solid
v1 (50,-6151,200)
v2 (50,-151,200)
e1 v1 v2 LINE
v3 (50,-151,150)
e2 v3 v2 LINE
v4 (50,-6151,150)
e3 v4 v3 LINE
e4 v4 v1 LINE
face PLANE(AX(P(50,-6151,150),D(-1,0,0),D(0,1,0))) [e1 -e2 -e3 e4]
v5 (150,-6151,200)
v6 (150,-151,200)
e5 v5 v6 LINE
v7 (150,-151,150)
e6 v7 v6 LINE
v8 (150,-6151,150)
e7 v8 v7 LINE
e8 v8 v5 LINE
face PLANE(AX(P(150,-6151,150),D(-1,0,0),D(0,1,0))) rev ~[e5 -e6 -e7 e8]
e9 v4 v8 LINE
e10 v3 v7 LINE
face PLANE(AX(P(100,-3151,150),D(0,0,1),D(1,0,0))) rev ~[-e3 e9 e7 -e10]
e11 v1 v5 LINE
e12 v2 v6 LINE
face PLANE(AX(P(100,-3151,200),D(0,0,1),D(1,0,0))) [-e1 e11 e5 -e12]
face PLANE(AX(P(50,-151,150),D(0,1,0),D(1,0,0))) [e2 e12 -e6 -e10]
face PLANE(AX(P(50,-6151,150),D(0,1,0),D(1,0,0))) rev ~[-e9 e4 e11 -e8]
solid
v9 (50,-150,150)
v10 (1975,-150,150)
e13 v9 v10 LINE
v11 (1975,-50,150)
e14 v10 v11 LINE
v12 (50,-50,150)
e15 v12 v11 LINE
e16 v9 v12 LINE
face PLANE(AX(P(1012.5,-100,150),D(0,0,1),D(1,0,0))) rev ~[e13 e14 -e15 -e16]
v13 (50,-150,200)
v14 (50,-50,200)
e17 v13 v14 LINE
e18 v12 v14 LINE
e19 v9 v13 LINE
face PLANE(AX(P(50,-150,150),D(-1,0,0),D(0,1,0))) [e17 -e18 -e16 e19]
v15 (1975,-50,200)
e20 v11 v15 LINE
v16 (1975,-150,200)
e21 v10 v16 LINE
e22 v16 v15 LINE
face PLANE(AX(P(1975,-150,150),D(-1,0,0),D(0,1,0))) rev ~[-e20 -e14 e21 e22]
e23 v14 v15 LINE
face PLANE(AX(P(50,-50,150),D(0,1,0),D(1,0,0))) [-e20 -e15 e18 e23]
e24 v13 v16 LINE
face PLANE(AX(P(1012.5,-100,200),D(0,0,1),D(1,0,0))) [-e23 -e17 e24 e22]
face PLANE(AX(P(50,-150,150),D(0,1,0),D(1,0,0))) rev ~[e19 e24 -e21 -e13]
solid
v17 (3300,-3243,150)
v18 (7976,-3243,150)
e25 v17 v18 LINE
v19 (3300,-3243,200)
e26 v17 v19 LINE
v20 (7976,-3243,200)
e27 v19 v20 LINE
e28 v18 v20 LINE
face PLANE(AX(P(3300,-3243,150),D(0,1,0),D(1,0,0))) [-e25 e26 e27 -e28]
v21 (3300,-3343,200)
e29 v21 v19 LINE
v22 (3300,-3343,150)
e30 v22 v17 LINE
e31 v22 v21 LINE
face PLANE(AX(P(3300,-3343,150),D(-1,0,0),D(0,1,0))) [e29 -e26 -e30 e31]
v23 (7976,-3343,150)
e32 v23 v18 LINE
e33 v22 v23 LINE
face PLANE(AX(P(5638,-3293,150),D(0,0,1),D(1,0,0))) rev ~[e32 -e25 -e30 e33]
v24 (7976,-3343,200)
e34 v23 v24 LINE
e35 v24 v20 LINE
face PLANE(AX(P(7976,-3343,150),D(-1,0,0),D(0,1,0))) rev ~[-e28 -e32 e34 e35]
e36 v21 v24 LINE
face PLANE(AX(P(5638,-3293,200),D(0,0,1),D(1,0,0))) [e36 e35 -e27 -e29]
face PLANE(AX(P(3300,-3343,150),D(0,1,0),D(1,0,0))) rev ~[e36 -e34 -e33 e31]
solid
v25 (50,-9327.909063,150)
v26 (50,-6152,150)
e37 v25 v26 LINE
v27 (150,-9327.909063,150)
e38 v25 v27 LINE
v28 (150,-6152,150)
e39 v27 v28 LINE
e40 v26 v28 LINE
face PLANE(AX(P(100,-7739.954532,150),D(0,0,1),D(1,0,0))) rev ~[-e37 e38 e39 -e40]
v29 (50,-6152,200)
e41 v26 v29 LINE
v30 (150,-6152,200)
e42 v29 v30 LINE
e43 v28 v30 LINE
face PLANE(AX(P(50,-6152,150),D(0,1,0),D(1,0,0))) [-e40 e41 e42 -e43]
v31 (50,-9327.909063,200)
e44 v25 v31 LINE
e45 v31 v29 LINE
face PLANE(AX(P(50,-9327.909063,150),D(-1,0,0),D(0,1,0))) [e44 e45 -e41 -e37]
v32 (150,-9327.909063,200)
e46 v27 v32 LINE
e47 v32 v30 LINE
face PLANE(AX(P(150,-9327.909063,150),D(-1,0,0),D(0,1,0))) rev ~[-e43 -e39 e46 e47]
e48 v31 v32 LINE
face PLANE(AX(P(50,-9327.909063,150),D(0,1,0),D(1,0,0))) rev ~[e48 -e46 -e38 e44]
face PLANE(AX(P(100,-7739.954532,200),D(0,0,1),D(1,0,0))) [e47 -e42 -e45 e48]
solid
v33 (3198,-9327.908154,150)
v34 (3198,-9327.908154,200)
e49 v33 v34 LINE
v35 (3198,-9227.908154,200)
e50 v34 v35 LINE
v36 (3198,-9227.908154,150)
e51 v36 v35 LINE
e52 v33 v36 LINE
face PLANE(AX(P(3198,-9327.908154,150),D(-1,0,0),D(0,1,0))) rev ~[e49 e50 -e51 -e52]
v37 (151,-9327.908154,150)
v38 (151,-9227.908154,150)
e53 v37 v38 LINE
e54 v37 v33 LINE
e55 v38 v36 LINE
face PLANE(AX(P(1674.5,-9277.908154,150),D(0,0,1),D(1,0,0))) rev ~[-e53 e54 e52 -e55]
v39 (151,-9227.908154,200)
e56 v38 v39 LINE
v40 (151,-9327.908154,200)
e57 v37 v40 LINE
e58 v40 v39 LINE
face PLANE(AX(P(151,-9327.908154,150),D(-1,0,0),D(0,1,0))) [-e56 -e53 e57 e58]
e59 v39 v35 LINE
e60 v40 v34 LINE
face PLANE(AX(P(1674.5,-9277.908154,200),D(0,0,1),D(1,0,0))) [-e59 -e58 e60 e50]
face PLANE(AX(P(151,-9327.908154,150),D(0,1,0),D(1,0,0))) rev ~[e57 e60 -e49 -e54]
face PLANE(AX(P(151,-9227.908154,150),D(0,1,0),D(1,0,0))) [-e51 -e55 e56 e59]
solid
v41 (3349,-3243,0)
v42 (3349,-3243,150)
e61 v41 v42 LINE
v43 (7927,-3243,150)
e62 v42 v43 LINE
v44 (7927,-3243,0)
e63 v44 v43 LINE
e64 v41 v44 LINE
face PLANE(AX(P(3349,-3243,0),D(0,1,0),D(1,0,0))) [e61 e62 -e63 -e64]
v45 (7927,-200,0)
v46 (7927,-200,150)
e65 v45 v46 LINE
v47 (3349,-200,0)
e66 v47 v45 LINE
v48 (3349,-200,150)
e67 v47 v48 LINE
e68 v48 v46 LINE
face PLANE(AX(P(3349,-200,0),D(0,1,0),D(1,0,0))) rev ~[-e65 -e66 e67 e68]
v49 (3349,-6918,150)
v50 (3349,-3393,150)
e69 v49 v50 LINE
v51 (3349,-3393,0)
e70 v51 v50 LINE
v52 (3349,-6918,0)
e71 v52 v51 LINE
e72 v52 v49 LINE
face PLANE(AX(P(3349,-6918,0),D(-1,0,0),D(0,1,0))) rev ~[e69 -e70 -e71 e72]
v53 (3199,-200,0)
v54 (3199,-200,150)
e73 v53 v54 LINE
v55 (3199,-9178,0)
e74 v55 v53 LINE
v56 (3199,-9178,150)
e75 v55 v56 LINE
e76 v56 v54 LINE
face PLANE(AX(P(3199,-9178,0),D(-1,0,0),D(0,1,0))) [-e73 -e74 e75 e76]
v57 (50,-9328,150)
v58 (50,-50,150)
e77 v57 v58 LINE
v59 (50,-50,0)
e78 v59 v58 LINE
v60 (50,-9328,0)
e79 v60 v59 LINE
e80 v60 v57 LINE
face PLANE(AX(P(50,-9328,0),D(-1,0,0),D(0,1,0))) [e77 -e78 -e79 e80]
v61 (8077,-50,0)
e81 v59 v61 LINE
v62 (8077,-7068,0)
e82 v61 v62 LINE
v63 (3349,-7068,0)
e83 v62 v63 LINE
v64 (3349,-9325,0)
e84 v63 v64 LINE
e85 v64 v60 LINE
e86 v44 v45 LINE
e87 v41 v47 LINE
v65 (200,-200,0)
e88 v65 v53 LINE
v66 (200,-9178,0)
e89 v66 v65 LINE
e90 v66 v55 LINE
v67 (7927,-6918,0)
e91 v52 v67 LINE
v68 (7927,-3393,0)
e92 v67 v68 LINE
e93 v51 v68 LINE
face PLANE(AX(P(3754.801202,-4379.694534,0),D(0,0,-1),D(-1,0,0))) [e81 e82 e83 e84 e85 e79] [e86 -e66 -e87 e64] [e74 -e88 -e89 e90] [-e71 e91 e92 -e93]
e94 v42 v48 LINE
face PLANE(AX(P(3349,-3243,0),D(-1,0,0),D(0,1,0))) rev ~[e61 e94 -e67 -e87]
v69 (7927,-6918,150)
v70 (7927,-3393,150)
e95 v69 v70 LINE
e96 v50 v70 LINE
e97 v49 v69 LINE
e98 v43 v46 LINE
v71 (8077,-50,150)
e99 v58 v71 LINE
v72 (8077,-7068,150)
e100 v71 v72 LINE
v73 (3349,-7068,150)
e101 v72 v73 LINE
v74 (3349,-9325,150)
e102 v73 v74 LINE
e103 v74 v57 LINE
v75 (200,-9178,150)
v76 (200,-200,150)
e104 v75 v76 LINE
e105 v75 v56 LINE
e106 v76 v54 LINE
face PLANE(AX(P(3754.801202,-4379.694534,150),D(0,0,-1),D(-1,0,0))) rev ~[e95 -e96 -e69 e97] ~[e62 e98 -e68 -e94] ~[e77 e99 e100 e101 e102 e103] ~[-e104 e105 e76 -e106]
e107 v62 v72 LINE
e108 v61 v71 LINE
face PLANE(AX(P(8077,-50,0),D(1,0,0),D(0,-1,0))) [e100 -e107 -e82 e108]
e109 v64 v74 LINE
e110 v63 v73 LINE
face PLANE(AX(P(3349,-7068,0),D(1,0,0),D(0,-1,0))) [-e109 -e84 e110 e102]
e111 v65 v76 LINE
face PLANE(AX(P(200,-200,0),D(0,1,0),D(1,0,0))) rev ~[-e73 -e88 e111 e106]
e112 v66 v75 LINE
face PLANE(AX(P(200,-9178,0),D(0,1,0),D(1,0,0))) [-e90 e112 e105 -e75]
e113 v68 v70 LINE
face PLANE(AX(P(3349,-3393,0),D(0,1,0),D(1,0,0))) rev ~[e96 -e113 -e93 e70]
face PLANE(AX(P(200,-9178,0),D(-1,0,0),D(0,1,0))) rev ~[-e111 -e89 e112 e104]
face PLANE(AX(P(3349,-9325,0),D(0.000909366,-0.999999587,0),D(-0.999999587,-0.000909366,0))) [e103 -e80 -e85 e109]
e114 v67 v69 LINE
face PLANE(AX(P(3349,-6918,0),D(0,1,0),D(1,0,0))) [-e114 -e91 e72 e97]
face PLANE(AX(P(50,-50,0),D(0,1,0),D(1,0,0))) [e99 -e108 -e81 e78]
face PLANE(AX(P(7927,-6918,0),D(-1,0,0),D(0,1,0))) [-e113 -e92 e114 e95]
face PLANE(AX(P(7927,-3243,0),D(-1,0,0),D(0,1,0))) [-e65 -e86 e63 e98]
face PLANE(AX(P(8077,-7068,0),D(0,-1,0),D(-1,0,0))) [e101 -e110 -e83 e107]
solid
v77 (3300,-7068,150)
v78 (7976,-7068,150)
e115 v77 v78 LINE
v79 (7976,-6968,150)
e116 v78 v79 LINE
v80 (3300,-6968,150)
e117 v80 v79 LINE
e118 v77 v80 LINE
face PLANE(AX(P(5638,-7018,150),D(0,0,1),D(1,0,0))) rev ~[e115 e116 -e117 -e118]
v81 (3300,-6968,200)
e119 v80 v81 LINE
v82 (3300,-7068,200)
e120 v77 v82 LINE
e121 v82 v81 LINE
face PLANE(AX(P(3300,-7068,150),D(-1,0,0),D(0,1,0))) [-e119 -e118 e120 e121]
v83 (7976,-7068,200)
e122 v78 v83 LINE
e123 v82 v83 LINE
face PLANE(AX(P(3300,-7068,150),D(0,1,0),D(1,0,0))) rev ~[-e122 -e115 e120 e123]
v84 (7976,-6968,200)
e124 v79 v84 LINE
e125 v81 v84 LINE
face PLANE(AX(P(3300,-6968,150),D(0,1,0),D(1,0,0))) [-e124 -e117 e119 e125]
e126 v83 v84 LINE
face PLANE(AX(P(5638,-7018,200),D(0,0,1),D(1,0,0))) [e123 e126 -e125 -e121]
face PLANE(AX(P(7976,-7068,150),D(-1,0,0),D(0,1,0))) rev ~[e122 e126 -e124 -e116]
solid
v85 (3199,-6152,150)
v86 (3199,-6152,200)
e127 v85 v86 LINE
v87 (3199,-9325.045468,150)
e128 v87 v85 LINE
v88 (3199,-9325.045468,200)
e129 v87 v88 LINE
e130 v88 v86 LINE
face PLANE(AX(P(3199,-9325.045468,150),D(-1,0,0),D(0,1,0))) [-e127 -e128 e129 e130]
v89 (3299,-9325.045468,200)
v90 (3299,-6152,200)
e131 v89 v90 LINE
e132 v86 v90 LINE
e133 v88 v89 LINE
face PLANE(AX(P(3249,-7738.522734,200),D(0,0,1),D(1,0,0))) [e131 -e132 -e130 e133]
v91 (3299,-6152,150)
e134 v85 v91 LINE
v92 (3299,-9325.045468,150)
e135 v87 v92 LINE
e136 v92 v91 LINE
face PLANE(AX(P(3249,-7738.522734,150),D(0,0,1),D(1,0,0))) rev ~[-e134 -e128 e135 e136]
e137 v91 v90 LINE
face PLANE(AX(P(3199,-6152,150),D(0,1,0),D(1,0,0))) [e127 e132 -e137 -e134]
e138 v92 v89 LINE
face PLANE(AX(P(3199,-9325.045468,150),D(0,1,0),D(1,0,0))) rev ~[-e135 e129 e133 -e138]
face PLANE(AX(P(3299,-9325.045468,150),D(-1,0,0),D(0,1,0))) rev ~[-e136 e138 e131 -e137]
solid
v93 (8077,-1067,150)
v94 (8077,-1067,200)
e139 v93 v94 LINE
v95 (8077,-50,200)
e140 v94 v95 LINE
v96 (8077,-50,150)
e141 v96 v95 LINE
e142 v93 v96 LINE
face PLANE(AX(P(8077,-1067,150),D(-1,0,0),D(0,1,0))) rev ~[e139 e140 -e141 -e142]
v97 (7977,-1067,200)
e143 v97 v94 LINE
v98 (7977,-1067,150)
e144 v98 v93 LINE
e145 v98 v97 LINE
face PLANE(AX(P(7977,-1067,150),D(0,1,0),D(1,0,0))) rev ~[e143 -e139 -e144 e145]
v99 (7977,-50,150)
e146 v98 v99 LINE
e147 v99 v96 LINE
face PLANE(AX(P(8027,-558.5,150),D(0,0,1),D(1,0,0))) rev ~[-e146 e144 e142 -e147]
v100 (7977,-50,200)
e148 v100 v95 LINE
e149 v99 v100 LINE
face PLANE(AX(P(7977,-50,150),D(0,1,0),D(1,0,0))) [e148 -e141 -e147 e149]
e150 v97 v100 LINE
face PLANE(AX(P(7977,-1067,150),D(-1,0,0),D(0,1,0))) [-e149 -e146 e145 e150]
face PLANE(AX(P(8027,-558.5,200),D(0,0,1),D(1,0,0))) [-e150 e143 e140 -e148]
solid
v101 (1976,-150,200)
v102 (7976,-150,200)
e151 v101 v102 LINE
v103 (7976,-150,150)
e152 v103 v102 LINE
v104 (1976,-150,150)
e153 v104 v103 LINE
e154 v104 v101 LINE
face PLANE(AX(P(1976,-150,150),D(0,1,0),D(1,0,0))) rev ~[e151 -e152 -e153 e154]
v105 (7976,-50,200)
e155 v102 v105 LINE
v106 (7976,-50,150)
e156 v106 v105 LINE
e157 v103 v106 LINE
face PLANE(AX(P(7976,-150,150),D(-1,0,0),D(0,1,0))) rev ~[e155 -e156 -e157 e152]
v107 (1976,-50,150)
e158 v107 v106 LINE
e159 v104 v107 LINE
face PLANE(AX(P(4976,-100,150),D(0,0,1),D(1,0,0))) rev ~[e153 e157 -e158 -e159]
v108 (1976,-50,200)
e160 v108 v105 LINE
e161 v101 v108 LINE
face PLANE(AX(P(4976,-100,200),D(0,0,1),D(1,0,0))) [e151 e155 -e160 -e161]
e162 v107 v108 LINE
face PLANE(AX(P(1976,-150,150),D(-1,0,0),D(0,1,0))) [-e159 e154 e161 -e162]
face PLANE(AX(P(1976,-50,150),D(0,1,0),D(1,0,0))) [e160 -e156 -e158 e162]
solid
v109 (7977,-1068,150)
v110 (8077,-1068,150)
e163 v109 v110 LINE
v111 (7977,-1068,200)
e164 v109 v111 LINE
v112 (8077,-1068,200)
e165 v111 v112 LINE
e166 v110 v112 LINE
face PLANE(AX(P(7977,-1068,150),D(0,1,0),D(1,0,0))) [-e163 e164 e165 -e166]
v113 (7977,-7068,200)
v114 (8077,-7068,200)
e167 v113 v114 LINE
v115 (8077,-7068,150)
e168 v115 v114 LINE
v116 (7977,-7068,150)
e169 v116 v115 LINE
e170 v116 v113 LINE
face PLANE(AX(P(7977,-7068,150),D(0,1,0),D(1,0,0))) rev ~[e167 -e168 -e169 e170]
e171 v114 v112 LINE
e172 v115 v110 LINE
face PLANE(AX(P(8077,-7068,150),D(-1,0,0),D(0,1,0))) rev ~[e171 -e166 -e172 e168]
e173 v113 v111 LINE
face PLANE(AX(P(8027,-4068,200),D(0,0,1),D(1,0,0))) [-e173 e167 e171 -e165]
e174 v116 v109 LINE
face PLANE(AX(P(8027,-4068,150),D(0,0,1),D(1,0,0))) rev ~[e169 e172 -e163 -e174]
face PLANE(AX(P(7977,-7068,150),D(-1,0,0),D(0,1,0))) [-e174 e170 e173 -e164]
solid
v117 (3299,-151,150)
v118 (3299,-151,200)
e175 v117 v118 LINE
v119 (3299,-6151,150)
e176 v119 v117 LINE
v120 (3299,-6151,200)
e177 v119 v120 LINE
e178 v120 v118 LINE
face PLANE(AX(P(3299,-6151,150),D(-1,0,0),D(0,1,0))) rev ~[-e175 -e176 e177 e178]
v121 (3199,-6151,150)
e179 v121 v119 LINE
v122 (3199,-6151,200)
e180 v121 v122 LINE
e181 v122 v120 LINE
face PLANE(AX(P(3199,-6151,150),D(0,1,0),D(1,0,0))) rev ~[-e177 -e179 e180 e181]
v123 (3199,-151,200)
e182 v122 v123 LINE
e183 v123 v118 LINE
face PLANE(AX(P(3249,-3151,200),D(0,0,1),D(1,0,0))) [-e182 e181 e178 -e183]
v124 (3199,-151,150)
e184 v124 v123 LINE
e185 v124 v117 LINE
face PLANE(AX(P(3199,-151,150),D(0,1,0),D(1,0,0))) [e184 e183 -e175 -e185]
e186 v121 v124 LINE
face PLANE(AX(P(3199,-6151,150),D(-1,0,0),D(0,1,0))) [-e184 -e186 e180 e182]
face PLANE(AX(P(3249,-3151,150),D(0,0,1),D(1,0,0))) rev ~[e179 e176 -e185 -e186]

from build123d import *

# Parameters (mm, degrees)
SKETCH_1_W         = 2999
SKETCH_1_H         = 8978
SKETCH_1_W_2       = 4578
SKETCH_1_H_2       = 3043
SKETCH_1_H_3       = 3525
EXTRUDE_1_DEPTH    = 150
SKETCH_2_W         = 100
SKETCH_2_H         = 6000
EXTRUDE_2_DEPTH    = 50
SKETCH_2_H_2       = 1017
EXTRUDE_2_2_DEPTH  = 50
SKETCH_2_W_2       = 6000
SKETCH_2_H_3       = 100
EXTRUDE_2_3_DEPTH  = 50
SKETCH_2_W_3       = 1925
EXTRUDE_2_4_DEPTH  = 50
EXTRUDE_2_5_DEPTH  = 50
EXTRUDE_2_6_DEPTH  = 50
SKETCH_2_H_4       = 3173.045468324
EXTRUDE_2_7_DEPTH  = 50
SKETCH_2_H_5       = 3175.909063353
EXTRUDE_2_8_DEPTH  = 50
SKETCH_2_W_4       = 3047
EXTRUDE_2_9_DEPTH  = 50
SKETCH_2_W_5       = 4676
EXTRUDE_2_10_DEPTH = 50
EXTRUDE_2_11_DEPTH = 50


with BuildPart() as part:
    # Эскиз1 → Бобышка-Вытянуть1 (new body)
    with BuildSketch(Plane.XY):
        Polygon((50, -50), (8077, -50), (8077, -7068), (3349, -7068), (3349, -9325), (50, -9328), align=None)
        with Locations((1699.5, -4689)):
            Rectangle(SKETCH_1_W, SKETCH_1_H, mode=Mode.SUBTRACT)
        with Locations((5638, -1721.5)):
            Rectangle(SKETCH_1_W_2, SKETCH_1_H_2, mode=Mode.SUBTRACT)
        with Locations((5638, -5155.5)):
            Rectangle(SKETCH_1_W_2, SKETCH_1_H_3, mode=Mode.SUBTRACT)
    extrude(amount=EXTRUDE_1_DEPTH)


with BuildPart() as body_2:
    # Эскиз2 → Бобышка-Вытянуть2 (new body)
    with BuildSketch(Plane.XY.offset(150)):
        with Locations((8027, -4068)):
            Rectangle(SKETCH_2_W, SKETCH_2_H)
    extrude(amount=EXTRUDE_2_DEPTH)


with BuildPart() as body_3:
    # Эскиз2 → Extrude 2 2 (new body)
    with BuildSketch(Plane.XY.offset(150)):
        with Locations((8027, -558.5)):
            Rectangle(SKETCH_2_W, SKETCH_2_H_2)
    extrude(amount=EXTRUDE_2_2_DEPTH)


with BuildPart() as body_4:
    # Эскиз2 → Extrude 2 3 (new body)
    with BuildSketch(Plane.XY.offset(150)):
        with Locations((4976, -100)):
            Rectangle(SKETCH_2_W_2, SKETCH_2_H_3)
    extrude(amount=EXTRUDE_2_3_DEPTH)


with BuildPart() as body_5:
    # Эскиз2 → Extrude 2 4 (new body)
    with BuildSketch(Plane.XY.offset(150)):
        with Locations((1012.5, -100)):
            Rectangle(SKETCH_2_W_3, SKETCH_2_H_3)
    extrude(amount=EXTRUDE_2_4_DEPTH)


with BuildPart() as body_6:
    # Эскиз2 → Extrude 2 5 (new body)
    with BuildSketch(Plane.XY.offset(150)):
        with Locations((100, -3151)):
            Rectangle(SKETCH_2_W, SKETCH_2_H)
    extrude(amount=EXTRUDE_2_5_DEPTH)


with BuildPart() as body_7:
    # Эскиз2 → Extrude 2 6 (new body)
    with BuildSketch(Plane.XY.offset(150)):
        with Locations((3249, -3151)):
            Rectangle(SKETCH_2_W, SKETCH_2_H)
    extrude(amount=EXTRUDE_2_6_DEPTH)


with BuildPart() as body_8:
    # Эскиз2 → Extrude 2 7 (new body)
    with BuildSketch(Plane.XY.offset(150)):
        with Locations((3249, -7738.522734162)):
            Rectangle(SKETCH_2_W, SKETCH_2_H_4)
    extrude(amount=EXTRUDE_2_7_DEPTH)


with BuildPart() as body_9:
    # Эскиз2 → Extrude 2 8 (new body)
    with BuildSketch(Plane.XY.offset(150)):
        with Locations((100, -7739.954531677)):
            Rectangle(SKETCH_2_W, SKETCH_2_H_5)
    extrude(amount=EXTRUDE_2_8_DEPTH)


with BuildPart() as body_10:
    # Эскиз2 → Extrude 2 9 (new body)
    with BuildSketch(Plane.XY.offset(150)):
        with Locations((1674.5, -9277.908153986)):
            Rectangle(SKETCH_2_W_4, SKETCH_2_H_3)
    extrude(amount=EXTRUDE_2_9_DEPTH)


with BuildPart() as body_11:
    # Эскиз2 → Extrude 2 10 (new body)
    with BuildSketch(Plane.XY.offset(150)):
        with Locations((5638, -7018)):
            Rectangle(SKETCH_2_W_5, SKETCH_2_H_3)
    extrude(amount=EXTRUDE_2_10_DEPTH)


with BuildPart() as body_12:
    # Эскиз2 → Extrude 2 11 (new body)
    with BuildSketch(Plane.XY.offset(150)):
        with Locations((5638, -3293)):
            Rectangle(SKETCH_2_W_5, SKETCH_2_H_3)
    extrude(amount=EXTRUDE_2_11_DEPTH)


solid = Compound([part.part, body_2.part, body_3.part, body_4.part, body_5.part, body_6.part, body_7.part, body_8.part, body_9.part, body_10.part, body_11.part, body_12.part])
